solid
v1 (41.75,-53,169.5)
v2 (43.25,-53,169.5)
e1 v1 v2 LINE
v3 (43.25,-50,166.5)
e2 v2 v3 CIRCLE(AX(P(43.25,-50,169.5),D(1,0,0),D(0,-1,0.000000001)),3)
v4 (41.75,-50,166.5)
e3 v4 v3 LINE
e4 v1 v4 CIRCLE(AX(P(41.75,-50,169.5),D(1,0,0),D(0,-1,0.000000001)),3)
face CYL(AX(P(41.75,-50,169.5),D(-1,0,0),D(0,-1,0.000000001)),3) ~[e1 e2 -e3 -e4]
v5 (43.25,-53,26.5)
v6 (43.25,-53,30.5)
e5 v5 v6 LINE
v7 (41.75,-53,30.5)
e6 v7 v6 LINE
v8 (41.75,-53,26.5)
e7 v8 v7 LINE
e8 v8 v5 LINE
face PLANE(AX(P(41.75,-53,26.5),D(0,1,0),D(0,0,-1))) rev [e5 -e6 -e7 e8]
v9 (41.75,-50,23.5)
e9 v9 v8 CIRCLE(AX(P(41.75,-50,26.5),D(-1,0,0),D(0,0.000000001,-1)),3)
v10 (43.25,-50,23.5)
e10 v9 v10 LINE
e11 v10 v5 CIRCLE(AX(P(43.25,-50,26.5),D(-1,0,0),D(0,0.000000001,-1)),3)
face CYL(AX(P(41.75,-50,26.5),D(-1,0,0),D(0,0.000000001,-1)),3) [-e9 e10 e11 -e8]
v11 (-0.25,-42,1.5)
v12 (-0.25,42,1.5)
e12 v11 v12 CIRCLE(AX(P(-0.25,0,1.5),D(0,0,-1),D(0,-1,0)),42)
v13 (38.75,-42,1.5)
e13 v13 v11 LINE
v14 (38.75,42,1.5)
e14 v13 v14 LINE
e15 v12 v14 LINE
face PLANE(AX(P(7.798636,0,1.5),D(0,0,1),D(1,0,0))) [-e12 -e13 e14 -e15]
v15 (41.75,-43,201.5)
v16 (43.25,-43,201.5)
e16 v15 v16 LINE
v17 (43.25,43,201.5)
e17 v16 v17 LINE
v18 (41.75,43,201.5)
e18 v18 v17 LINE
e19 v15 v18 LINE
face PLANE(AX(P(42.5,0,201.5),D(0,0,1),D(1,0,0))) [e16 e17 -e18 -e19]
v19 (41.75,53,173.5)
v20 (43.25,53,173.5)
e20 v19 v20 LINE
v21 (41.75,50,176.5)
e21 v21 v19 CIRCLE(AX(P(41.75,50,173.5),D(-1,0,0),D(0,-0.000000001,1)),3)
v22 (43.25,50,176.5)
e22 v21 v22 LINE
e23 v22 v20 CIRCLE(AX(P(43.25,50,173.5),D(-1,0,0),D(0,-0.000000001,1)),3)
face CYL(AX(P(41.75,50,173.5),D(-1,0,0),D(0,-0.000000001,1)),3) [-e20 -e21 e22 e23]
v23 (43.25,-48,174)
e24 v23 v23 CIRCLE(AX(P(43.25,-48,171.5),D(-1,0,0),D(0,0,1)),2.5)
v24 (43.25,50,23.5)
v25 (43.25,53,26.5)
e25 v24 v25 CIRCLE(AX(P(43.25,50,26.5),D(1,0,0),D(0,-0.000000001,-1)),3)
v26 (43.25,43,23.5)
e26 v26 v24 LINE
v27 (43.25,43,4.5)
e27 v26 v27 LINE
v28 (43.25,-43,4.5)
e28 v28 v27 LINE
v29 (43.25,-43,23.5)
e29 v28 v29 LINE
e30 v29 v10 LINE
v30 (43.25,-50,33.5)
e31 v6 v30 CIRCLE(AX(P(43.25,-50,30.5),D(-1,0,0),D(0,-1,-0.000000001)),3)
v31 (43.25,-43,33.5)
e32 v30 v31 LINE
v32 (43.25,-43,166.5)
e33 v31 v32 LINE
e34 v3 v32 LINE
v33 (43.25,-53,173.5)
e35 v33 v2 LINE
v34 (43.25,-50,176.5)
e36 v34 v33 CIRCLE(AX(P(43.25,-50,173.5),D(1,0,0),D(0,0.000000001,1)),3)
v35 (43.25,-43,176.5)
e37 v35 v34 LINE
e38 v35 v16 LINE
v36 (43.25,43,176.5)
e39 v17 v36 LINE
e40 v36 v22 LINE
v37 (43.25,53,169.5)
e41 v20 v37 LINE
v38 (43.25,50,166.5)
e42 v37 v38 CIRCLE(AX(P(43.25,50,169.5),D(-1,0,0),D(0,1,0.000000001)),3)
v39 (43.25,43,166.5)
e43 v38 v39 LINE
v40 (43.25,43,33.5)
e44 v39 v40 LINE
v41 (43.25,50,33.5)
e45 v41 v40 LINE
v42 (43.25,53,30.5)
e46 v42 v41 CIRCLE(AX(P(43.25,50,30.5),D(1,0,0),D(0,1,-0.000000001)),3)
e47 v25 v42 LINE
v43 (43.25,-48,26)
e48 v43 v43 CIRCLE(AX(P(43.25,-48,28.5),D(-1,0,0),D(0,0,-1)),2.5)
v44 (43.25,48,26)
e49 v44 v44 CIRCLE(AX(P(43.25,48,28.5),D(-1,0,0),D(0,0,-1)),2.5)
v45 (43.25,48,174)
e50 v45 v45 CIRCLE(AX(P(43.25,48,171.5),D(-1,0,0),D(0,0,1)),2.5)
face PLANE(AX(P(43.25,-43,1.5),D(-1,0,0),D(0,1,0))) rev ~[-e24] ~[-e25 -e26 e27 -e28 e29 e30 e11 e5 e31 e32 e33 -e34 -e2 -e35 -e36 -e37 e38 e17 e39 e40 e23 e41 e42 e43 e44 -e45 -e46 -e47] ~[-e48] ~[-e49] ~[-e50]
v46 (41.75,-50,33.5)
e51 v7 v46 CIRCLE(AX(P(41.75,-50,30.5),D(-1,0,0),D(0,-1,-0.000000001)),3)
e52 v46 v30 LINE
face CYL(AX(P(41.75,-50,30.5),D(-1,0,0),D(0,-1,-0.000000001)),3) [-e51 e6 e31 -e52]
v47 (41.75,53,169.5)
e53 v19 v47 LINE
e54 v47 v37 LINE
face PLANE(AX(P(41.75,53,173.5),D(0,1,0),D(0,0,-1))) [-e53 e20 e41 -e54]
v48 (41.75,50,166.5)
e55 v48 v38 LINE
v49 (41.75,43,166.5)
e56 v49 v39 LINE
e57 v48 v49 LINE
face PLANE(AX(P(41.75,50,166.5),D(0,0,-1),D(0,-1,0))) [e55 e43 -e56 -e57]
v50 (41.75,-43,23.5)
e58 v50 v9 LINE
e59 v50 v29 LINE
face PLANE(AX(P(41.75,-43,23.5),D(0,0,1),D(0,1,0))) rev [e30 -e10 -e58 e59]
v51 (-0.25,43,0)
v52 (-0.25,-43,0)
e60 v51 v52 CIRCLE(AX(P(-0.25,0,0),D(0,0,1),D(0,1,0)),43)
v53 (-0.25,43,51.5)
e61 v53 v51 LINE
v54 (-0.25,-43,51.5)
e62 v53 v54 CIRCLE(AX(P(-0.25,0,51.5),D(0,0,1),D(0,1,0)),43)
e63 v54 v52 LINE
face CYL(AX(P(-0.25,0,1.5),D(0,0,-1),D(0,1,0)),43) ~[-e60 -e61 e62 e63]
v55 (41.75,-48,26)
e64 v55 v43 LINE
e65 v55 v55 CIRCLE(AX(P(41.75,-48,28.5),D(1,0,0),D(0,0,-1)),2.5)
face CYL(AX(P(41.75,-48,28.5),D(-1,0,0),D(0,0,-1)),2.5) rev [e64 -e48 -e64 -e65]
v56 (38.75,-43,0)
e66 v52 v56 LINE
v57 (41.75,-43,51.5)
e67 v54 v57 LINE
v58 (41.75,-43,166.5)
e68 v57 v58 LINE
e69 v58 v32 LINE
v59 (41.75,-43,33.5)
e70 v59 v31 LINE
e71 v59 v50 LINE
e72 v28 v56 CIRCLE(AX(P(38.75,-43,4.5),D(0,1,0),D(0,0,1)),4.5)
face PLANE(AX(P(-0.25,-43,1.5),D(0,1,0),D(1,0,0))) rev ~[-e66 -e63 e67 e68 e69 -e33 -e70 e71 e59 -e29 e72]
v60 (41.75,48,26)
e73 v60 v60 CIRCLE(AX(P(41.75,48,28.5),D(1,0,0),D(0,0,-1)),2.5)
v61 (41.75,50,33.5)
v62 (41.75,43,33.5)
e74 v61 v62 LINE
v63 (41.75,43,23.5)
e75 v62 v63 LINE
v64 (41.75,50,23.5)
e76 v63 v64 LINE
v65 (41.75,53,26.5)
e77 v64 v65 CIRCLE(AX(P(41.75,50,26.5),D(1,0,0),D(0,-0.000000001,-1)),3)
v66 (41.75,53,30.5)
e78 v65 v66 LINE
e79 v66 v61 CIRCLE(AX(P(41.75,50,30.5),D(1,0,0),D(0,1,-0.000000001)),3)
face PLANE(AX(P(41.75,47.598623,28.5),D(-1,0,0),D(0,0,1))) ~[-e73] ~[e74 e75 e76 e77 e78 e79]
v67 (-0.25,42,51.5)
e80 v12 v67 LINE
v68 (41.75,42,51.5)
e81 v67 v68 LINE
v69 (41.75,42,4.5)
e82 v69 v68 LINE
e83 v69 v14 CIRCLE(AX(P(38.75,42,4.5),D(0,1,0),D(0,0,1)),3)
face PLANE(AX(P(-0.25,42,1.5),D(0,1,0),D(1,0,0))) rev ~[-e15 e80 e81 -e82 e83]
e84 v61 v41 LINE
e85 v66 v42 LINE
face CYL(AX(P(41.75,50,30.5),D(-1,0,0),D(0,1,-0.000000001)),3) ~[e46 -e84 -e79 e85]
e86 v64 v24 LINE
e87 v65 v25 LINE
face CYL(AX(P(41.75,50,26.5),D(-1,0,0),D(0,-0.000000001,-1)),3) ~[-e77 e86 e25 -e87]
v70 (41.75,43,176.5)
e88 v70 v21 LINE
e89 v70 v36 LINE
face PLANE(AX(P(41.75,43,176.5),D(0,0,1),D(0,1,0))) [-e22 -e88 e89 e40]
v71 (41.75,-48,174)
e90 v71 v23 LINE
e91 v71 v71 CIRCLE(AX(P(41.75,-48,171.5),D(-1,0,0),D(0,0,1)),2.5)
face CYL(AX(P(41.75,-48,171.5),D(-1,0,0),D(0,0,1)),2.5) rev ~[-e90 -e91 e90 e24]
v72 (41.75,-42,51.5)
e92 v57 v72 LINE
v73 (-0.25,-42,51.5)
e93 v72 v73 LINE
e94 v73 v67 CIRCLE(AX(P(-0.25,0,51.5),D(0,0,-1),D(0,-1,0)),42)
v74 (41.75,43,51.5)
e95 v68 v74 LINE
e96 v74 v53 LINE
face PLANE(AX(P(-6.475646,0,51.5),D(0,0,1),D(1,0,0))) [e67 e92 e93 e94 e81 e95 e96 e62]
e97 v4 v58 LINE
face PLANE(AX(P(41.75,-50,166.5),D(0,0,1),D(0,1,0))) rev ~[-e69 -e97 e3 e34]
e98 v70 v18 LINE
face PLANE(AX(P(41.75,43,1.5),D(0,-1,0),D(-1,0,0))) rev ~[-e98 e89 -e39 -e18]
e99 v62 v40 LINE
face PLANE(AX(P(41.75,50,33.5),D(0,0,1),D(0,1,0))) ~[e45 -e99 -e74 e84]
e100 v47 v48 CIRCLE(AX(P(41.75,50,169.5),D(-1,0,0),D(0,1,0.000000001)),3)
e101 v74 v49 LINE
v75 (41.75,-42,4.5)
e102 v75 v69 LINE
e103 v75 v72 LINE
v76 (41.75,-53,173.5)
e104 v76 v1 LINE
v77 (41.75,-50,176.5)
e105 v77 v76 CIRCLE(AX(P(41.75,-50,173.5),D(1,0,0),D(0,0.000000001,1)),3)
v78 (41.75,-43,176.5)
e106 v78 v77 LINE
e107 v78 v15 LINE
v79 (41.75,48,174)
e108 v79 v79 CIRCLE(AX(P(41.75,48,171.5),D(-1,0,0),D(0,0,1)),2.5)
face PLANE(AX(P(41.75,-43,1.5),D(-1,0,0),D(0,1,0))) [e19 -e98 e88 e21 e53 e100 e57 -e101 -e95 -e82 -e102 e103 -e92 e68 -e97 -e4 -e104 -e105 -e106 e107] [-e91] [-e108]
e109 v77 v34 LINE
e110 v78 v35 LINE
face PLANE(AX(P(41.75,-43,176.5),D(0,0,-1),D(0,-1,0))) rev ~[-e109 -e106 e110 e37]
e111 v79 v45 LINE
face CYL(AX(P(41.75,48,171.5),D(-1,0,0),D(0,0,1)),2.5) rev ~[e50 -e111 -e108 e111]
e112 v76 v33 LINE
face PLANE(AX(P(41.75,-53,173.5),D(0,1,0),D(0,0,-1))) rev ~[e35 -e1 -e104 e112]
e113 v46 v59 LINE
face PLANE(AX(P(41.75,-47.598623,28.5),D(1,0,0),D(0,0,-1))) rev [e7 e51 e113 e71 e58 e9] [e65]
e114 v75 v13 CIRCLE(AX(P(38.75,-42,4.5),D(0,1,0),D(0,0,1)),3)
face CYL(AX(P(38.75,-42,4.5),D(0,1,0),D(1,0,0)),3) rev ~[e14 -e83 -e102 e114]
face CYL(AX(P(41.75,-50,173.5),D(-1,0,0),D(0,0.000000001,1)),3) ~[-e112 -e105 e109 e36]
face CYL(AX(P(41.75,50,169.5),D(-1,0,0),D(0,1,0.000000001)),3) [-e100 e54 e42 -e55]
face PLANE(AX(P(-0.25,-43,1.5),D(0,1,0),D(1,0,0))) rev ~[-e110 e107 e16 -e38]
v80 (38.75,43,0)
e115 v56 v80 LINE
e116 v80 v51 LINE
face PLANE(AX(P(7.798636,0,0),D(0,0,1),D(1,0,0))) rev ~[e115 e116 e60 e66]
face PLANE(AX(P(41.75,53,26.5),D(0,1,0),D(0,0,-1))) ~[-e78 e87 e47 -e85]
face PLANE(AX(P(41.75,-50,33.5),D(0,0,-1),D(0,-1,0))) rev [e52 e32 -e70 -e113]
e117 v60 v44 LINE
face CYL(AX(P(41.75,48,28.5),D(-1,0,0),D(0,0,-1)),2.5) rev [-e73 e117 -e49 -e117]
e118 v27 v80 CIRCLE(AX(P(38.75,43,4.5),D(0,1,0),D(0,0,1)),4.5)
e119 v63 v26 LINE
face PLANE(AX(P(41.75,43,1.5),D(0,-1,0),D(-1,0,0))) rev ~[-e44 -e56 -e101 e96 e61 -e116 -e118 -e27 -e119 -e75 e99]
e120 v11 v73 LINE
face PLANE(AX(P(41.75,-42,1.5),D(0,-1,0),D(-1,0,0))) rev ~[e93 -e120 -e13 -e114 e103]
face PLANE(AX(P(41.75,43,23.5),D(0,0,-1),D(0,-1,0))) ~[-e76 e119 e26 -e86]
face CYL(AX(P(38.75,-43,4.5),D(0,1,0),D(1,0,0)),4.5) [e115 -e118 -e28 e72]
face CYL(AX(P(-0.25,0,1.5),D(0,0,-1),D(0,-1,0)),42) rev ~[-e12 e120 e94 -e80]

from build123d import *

# Parameters (mm, degrees)
DODANIE_WYCI_GNI_CIE1_DEPTH = 1.5
SZKIC2_W                    = 1.5
SZKIC2_H                    = 86
DODANIE_WYCI_GNI_CIE2_DEPTH = 200
DODANIE_WYCI_GNI_CIE3_DEPTH = 50
ZAOKR_GLENIE1_R             = 3
ZAOKR_GLENIE2_R             = 4.5
DODANIE_WYCI_GNI_CIE4_DEPTH = 1.5
SZKIC6_R                    = 2.5
WYTNIJ_WYCI_GNI_CIE1_DEPTH  = 2.5


with BuildPart() as part:
    # Szkic1 → Dodanie-wyciągnięcie1 (new body)
    with BuildSketch(Plane.XY):
        with BuildLine():
            Line((-0.25, -43), (43.25, -43))
            Line((43.25, -43), (43.25, 43))
            Line((43.25, 43), (-0.25, 43))
            ThreePointArc((-0.25, 43), (-43.25, 0), (-0.25, -43))
        make_face()
    extrude(amount=DODANIE_WYCI_GNI_CIE1_DEPTH)

    # Szkic2 → Dodanie-wyciągnięcie2 (add)
    with BuildSketch(Plane.XY.offset(1.5)):
        with Locations((42.5, 0)):
            Rectangle(SZKIC2_W, SZKIC2_H)
    extrude(amount=DODANIE_WYCI_GNI_CIE2_DEPTH)

    # Szkic4 → Dodanie-wyciągnięcie3 (add)
    with BuildSketch(Plane.XY.offset(1.5)):
        with BuildLine():
            Line((-0.25, -43), (41.75, -43))
            Line((41.75, -43), (41.75, -42))
            Line((41.75, -42), (-0.25, -42))
            ThreePointArc((-0.25, -42), (-42.25, 0), (-0.25, 42))
            Line((-0.25, 42), (41.75, 42))
            Line((41.75, 42), (41.75, 43))
            Line((41.75, 43), (-0.25, 43))
            ThreePointArc((-0.25, 43), (-43.25, 0), (-0.25, -43))
        make_face()
    extrude(amount=DODANIE_WYCI_GNI_CIE3_DEPTH)

    # Zaokrąglenie1
    zaokr_glenie1_edges = [part.edges().sort_by_distance(p)[0] for p in [
        (41.75, 0, 1.5),
    ]]
    fillet(zaokr_glenie1_edges, radius=ZAOKR_GLENIE1_R)

    # Zaokrąglenie2
    zaokr_glenie2_edges = [part.edges().sort_by_distance(p)[0] for p in [
        (43.25, 0, 0),
    ]]
    fillet(zaokr_glenie2_edges, radius=ZAOKR_GLENIE2_R)

    # Szkic5 → Dodanie-wyciągnięcie4 (add)
    with BuildSketch(Plane.ZY.offset(-41.75)):
        with BuildLine():
            Line((166.5, 43), (176.5, 43))
            Line((176.5, 43), (176.5, 50))
            ThreePointArc((176.5, 50), (175.621320344, 52.121320344), (173.5, 53))
            Line((173.5, 53), (169.5, 53))
            ThreePointArc((169.5, 53), (167.378679656, 52.121320344), (166.5, 50))
            Line((166.5, 50), (166.5, 43))
        make_face()
        with BuildLine():
            Line((166.5, -50), (166.5, -43))
            Line((166.5, -43), (176.5, -43))
            Line((176.5, -43), (176.5, -50))
            ThreePointArc((176.5, -50), (175.621320344, -52.121320344), (173.5, -53))
            Line((173.5, -53), (169.5, -53))
            ThreePointArc((169.5, -53), (167.378679656, -52.121320344), (166.5, -50))
        make_face()
    dodanie_wyci_gni_cie4 = extrude(amount=-DODANIE_WYCI_GNI_CIE4_DEPTH)

    # Szkic6 → Wytnij-wyciągnięcie1 (cut, through all)
    with BuildSketch(Plane.ZY.offset(-41.75)):
        with Locations((171.5, 48)):
            Circle(SZKIC6_R)
        with Locations((171.5, -48)):
            Circle(SZKIC6_R)
    wytnij_wyci_gni_cie1 = extrude(amount=-WYTNIJ_WYCI_GNI_CIE1_DEPTH, mode=Mode.SUBTRACT)

    # Lustro1: Dodanie-wyciągnięcie4, Wytnij-wyciągnięcie1 across plane
    add(dodanie_wyci_gni_cie4.mirror(Plane.XY.offset(100)))
    add(wytnij_wyci_gni_cie1.mirror(Plane.XY.offset(100)), mode=Mode.SUBTRACT)


solid = part.part
